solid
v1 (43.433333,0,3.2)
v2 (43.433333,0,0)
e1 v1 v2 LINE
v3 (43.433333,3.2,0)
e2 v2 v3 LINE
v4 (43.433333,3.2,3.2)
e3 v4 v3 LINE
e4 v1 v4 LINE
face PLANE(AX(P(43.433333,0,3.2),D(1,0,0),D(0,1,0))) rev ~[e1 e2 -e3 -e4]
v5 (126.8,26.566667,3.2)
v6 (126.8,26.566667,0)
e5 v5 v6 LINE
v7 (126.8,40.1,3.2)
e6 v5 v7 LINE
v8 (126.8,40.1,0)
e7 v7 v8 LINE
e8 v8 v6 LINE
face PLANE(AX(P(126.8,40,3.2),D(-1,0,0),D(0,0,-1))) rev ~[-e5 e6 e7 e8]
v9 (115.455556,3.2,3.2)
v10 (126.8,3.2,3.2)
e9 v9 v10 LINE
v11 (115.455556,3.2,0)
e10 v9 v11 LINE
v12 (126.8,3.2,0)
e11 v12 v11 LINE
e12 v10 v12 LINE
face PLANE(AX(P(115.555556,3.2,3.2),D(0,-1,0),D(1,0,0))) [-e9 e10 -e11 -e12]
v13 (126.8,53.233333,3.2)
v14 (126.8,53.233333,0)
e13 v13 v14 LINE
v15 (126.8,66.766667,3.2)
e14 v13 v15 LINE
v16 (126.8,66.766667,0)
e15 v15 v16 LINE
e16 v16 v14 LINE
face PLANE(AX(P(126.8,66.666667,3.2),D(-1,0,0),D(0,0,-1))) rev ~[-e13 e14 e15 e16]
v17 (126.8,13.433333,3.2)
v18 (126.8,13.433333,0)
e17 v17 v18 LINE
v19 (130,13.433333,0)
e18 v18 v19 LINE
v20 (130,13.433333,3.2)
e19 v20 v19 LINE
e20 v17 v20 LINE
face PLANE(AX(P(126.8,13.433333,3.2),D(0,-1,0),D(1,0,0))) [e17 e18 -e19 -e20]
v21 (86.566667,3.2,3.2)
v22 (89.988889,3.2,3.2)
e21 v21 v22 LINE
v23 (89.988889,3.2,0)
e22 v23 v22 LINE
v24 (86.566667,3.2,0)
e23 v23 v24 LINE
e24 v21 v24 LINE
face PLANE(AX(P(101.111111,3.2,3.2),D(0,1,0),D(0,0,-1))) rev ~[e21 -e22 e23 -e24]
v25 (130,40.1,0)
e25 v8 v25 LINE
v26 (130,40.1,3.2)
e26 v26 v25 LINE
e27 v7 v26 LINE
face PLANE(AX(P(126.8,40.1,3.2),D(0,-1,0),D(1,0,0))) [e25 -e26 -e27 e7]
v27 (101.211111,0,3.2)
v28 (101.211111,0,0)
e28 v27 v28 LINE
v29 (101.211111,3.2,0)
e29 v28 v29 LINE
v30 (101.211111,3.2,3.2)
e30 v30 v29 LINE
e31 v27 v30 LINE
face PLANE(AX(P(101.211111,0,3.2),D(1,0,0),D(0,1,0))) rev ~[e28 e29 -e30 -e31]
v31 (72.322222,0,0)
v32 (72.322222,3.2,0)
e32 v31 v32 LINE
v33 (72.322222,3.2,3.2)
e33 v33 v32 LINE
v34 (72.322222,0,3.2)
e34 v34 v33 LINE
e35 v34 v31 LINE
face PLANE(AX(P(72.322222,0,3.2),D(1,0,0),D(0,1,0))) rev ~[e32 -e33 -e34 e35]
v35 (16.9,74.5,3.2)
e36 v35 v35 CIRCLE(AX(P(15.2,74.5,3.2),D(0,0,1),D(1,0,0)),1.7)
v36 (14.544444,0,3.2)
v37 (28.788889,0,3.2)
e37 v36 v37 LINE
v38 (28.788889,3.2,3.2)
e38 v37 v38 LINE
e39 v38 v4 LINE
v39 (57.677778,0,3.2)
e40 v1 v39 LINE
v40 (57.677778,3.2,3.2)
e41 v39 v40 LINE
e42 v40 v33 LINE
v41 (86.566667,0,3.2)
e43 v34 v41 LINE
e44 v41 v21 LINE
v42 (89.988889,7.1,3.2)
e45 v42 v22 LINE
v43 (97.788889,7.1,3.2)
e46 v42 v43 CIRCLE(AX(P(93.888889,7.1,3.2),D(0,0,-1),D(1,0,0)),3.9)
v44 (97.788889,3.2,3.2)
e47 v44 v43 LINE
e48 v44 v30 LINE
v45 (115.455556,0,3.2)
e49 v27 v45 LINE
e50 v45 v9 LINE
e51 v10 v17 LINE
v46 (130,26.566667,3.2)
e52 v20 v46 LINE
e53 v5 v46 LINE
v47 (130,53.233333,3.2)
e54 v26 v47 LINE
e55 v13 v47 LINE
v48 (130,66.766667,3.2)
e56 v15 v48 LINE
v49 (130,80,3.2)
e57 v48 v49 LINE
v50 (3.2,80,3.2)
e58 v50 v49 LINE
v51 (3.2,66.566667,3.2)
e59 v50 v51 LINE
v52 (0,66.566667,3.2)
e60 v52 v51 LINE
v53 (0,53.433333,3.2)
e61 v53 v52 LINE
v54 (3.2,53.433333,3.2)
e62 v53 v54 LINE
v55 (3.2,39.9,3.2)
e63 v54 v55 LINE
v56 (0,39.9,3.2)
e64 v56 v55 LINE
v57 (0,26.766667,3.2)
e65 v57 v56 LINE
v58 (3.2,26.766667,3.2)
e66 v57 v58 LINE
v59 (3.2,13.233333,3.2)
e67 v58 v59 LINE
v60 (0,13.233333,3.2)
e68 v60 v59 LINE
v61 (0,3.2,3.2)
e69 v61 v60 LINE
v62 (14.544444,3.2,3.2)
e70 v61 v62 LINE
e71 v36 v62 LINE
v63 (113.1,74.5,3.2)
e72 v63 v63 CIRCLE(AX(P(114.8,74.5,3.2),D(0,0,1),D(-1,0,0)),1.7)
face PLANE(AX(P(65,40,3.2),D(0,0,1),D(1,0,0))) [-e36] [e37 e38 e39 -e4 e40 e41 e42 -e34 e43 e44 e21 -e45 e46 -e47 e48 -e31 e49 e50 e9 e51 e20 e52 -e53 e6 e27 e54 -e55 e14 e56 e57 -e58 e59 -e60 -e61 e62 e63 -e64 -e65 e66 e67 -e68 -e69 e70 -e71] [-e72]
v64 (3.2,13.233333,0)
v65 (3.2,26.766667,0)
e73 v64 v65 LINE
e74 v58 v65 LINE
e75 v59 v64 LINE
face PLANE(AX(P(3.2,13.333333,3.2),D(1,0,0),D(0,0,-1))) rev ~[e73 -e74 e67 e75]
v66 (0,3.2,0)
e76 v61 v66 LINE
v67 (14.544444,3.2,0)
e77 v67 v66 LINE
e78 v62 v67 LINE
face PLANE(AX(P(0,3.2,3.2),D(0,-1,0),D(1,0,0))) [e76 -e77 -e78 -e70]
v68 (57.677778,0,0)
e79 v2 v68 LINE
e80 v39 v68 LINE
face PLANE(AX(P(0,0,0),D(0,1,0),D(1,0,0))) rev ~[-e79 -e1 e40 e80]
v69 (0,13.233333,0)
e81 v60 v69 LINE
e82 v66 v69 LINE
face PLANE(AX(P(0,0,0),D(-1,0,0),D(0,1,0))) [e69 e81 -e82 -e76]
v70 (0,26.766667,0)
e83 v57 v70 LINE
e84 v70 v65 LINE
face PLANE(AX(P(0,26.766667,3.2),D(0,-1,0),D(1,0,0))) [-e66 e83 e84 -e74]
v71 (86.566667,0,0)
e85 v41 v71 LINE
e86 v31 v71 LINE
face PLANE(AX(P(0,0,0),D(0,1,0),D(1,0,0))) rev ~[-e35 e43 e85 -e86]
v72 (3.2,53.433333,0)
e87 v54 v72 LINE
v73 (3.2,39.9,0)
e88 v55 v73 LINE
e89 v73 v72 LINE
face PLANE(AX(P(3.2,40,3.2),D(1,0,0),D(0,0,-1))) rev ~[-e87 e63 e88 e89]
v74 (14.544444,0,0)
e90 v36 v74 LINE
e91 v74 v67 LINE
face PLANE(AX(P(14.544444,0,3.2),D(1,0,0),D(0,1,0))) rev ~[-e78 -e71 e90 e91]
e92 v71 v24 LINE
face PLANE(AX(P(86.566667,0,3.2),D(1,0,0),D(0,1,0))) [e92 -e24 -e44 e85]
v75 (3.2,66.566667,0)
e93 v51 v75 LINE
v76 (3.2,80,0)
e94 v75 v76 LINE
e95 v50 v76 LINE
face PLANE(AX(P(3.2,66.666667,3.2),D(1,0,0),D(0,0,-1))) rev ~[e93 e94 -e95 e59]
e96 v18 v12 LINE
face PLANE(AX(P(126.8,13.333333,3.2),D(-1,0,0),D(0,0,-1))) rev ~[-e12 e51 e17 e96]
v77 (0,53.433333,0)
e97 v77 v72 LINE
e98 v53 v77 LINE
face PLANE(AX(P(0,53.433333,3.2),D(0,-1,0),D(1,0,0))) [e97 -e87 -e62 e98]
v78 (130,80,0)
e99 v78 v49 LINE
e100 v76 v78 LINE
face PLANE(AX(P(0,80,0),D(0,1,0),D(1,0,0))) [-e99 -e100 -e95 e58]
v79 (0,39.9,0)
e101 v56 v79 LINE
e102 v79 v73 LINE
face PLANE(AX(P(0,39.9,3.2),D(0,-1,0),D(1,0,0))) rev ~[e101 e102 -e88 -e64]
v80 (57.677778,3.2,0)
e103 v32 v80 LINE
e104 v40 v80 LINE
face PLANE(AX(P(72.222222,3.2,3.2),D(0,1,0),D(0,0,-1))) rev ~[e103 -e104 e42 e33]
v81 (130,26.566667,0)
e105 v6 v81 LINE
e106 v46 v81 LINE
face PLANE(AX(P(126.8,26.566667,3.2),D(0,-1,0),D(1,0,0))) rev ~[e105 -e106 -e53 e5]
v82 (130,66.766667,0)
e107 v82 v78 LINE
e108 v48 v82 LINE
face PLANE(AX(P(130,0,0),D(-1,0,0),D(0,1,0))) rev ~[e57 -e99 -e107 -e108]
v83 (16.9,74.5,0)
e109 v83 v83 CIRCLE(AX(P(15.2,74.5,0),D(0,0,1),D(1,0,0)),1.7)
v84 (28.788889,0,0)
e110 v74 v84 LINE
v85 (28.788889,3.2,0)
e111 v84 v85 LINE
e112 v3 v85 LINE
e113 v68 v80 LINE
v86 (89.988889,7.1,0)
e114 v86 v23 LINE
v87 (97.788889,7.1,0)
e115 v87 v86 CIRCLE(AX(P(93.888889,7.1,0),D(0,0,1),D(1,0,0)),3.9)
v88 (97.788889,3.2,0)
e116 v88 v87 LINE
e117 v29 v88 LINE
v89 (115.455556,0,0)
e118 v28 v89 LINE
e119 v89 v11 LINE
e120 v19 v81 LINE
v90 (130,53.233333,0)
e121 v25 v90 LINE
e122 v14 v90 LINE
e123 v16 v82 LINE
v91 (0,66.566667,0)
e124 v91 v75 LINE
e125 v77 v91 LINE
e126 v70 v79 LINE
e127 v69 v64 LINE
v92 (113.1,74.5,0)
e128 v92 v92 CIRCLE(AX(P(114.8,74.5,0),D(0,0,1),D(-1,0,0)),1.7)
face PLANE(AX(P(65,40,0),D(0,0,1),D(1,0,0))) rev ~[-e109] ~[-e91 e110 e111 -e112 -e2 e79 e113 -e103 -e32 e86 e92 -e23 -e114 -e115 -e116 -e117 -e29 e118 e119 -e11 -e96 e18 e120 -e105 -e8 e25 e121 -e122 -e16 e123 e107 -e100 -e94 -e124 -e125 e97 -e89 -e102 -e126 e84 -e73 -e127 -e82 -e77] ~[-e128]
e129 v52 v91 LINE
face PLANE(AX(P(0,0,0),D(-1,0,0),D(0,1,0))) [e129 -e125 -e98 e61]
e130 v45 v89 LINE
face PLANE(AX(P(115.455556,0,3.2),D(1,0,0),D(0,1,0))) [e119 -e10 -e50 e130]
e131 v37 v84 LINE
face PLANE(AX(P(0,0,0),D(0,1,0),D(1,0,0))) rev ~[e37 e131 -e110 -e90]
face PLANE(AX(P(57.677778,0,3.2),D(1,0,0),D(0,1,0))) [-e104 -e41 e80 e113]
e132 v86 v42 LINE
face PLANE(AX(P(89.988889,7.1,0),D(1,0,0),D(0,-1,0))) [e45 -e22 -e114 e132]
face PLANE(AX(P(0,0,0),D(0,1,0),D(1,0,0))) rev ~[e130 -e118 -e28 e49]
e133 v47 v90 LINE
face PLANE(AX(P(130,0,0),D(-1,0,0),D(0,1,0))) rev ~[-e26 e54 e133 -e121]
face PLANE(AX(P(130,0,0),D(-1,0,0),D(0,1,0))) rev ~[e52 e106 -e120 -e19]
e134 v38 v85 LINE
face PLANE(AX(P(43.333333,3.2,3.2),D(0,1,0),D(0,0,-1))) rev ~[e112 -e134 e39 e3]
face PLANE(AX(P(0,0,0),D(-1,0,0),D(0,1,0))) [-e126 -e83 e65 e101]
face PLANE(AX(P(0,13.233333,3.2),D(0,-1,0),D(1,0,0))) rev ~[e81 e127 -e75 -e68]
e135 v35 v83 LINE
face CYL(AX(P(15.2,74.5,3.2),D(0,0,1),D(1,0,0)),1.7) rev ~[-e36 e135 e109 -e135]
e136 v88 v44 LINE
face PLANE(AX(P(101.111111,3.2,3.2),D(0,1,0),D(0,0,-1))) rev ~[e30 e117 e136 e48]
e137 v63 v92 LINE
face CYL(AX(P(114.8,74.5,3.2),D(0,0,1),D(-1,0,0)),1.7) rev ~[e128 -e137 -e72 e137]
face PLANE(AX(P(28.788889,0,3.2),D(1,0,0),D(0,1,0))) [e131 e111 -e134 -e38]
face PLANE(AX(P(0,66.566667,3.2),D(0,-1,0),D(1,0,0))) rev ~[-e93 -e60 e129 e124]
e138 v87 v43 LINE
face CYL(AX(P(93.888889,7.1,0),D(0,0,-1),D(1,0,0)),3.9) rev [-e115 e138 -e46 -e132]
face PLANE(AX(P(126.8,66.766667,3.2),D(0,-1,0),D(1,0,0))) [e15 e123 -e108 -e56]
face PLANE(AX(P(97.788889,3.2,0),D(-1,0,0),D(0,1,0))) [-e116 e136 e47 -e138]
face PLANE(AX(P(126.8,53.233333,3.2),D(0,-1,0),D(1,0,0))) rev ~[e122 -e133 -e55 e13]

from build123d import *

# Parameters (mm, degrees)
SKETCH1_W           = 130
SKETCH1_H           = 80
BOSS_EXTRUDE1_DEPTH = 3.2
SKETCH2_W           = 14.444444444
SKETCH2_H           = 3.2
SKETCH2_W_2         = 3.2
SKETCH2_H_2         = 13.333333334
SKETCH2_H_3         = 13.333333333
CUT_EXTRUDE1_DEPTH  = 153.676913775
MOVE_FACE1_BY       = 0.1
MOVE_FACE1_2_BY     = 0.1
MOVE_FACE1_3_BY     = 0.1
MOVE_FACE1_4_BY     = 0.1
MOVE_FACE1_5_BY     = 0.1
MOVE_FACE1_6_BY     = 0.1
MOVE_FACE1_7_BY     = 0.1
MOVE_FACE1_8_BY     = 0.1
MOVE_FACE1_9_BY     = 0.1
MOVE_FACE1_10_BY    = 0.1
MOVE_FACE1_11_BY    = 0.1
MOVE_FACE1_12_BY    = 0.1
MOVE_FACE1_13_BY    = 0.1
MOVE_FACE1_14_BY    = 0.1
MOVE_FACE1_15_BY    = 0.1
MOVE_FACE1_16_BY    = 0.1
MOVE_FACE1_17_BY    = 0.1
MOVE_FACE1_18_BY    = 0.1
CUT_EXTRUDE2_REACH  = 154.677
SKETCH3_R           = 1.7
CUT_EXTRUDE3_REACH  = 154.677


with BuildPart() as part:
    # Sketch1 → Boss-Extrude1 (new body)
    with BuildSketch(Plane.XY):
        with Locations((65, 40)):
            Rectangle(SKETCH1_W, SKETCH1_H)
    extrude(amount=BOSS_EXTRUDE1_DEPTH)

    # Sketch2 → Cut-Extrude1 (cut, through all)
    with BuildSketch(Plane.XY.offset(3.2)):
        with Locations((7.222222222, 1.6)):
            Rectangle(SKETCH2_W, SKETCH2_H)
        with Locations((36.111111111, 1.6)):
            Rectangle(SKETCH2_W, SKETCH2_H)
        with Locations((65, 1.6)):
            Rectangle(SKETCH2_W, SKETCH2_H)
        with Locations((93.888888889, 1.6)):
            Rectangle(SKETCH2_W, SKETCH2_H)
        Polygon((115.555555556, 0), (115.555555556, 3.2), (126.8, 3.2), (126.8, 13.333333333), (130, 13.333333333), (130, 0), align=None)
        with Locations((1.6, 20)):
            Rectangle(SKETCH2_W_2, SKETCH2_H_2)
        with Locations((1.6, 46.666666667)):
            Rectangle(SKETCH2_W_2, SKETCH2_H_3)
        with Locations((1.6, 73.333333334)):
            Rectangle(SKETCH2_W_2, SKETCH2_H_3)
        with Locations((128.4, 33.333333334)):
            Rectangle(SKETCH2_W_2, SKETCH2_H_3)
        with Locations((128.4, 60)):
            Rectangle(SKETCH2_W_2, SKETCH2_H_2)
    extrude(amount=-CUT_EXTRUDE1_DEPTH, mode=Mode.SUBTRACT)

    # Move Face1: a face moved inward by 0.1
    extrude(part.faces().sort_by_distance((128.4, 53.333333333, 1.6))[0], amount=MOVE_FACE1_BY, dir=(0, -1, 0), mode=Mode.SUBTRACT)

    # Move Face1 2: a face moved inward by 0.1
    extrude(part.faces().sort_by_distance((128.4, 26.666666667, 1.6))[0], amount=MOVE_FACE1_2_BY, dir=(0, -1, 0), mode=Mode.SUBTRACT)

    # Move Face1 3: a face moved inward by 0.1
    extrude(part.faces().sort_by_distance((128.4, 13.333333333, 1.6))[0], amount=MOVE_FACE1_3_BY, dir=(0, 1, 0), mode=Mode.SUBTRACT)

    # Move Face1 4: a face moved inward by 0.1
    extrude(part.faces().sort_by_distance((128.4, 40, 1.6))[0], amount=MOVE_FACE1_4_BY, dir=(0, 1, 0), mode=Mode.SUBTRACT)

    # Move Face1 5: a face moved inward by 0.1
    extrude(part.faces().sort_by_distance((128.4, 66.666666667, 1.6))[0], amount=MOVE_FACE1_5_BY, dir=(0, 1, 0), mode=Mode.SUBTRACT)

    # Move Face1 6: a face moved inward by 0.1
    extrude(part.faces().sort_by_distance((115.555555556, 1.6, 1.6))[0], amount=MOVE_FACE1_6_BY, dir=(-1, 0, 0), mode=Mode.SUBTRACT)

    # Move Face1 7: a face moved inward by 0.1
    extrude(part.faces().sort_by_distance((86.666666667, 1.6, 1.6))[0], amount=MOVE_FACE1_7_BY, dir=(-1, 0, 0), mode=Mode.SUBTRACT)

    # Move Face1 8: a face moved inward by 0.1
    extrude(part.faces().sort_by_distance((57.777777778, 1.6, 1.6))[0], amount=MOVE_FACE1_8_BY, dir=(-1, 0, 0), mode=Mode.SUBTRACT)

    # Move Face1 9: a face moved inward by 0.1
    extrude(part.faces().sort_by_distance((28.888888889, 1.6, 1.6))[0], amount=MOVE_FACE1_9_BY, dir=(-1, 0, 0), mode=Mode.SUBTRACT)

    # Move Face1 10: a face moved inward by 0.1
    extrude(part.faces().sort_by_distance((14.444444444, 1.6, 1.6))[0], amount=MOVE_FACE1_10_BY, dir=(1, 0, 0), mode=Mode.SUBTRACT)

    # Move Face1 11: a face moved inward by 0.1
    extrude(part.faces().sort_by_distance((43.333333333, 1.6, 1.6))[0], amount=MOVE_FACE1_11_BY, dir=(1, 0, 0), mode=Mode.SUBTRACT)

    # Move Face1 12: a face moved inward by 0.1
    extrude(part.faces().sort_by_distance((72.222222222, 1.6, 1.6))[0], amount=MOVE_FACE1_12_BY, dir=(1, 0, 0), mode=Mode.SUBTRACT)

    # Move Face1 13: a face moved inward by 0.1
    extrude(part.faces().sort_by_distance((101.111111111, 1.6, 1.6))[0], amount=MOVE_FACE1_13_BY, dir=(1, 0, 0), mode=Mode.SUBTRACT)

    # Move Face1 14: a face moved inward by 0.1
    extrude(part.faces().sort_by_distance((1.6, 26.666666667, 1.6))[0], amount=MOVE_FACE1_14_BY, dir=(0, 1, 0), mode=Mode.SUBTRACT)

    # Move Face1 15: a face moved inward by 0.1
    extrude(part.faces().sort_by_distance((1.6, 13.333333333, 1.6))[0], amount=MOVE_FACE1_15_BY, dir=(0, -1, 0), mode=Mode.SUBTRACT)

    # Move Face1 16: a face moved inward by 0.1
    extrude(part.faces().sort_by_distance((1.6, 40, 1.6))[0], amount=MOVE_FACE1_16_BY, dir=(0, -1, 0), mode=Mode.SUBTRACT)

    # Move Face1 17: a face moved inward by 0.1
    extrude(part.faces().sort_by_distance((1.6, 53.333333333, 1.6))[0], amount=MOVE_FACE1_17_BY, dir=(0, 1, 0), mode=Mode.SUBTRACT)

    # Move Face1 18: a face moved inward by 0.1
    extrude(part.faces().sort_by_distance((1.6, 66.666666667, 1.6))[0], amount=MOVE_FACE1_18_BY, dir=(0, -1, 0), mode=Mode.SUBTRACT)

    # Sketch3 → Cut-Extrude2 (cut, up to next)
    with BuildSketch(Plane.XY.offset(3.2), mode=Mode.PRIVATE) as cut_extrude2_sk1:
        with Locations((15.2, 74.5)):
            Circle(SKETCH3_R)
    cut_extrude2_tool1 = extrude(cut_extrude2_sk1.sketch, amount=-CUT_EXTRUDE2_REACH, mode=Mode.PRIVATE) & part.part
    # Sketch3 → Cut-Extrude2 (cut, up to next)
    with BuildSketch(Plane.XY.offset(3.2), mode=Mode.PRIVATE) as cut_extrude2_sk2:
        with Locations(Location((114.8, 74.5, 0), (0, 0, 180))):
            Circle(SKETCH3_R)
    cut_extrude2_tool2 = extrude(cut_extrude2_sk2.sketch, amount=-CUT_EXTRUDE2_REACH, mode=Mode.PRIVATE) & part.part
    add(cut_extrude2_tool1.solids().sort_by_distance((15.2, 74.5, 3.2))[0], mode=Mode.SUBTRACT)
    add(cut_extrude2_tool2.solids().sort_by_distance((114.8, 74.5, 3.2))[0], mode=Mode.SUBTRACT)

    # Sketch4 → Cut-Extrude3 (cut, up to next)
    with BuildSketch(Plane(origin=(0, 0, 0), x_dir=(-1, 0, 0), z_dir=(0, 0, -1)), mode=Mode.PRIVATE) as cut_extrude3_sk1:
        with BuildLine():
            Line((-97.788888889, 3.2), (-97.788888889, 7.1))
            ThreePointArc((-97.788888889, 7.1), (-93.888888889, 11), (-89.988888889, 7.1))
            Line((-89.988888889, 7.1), (-89.988888889, 3.2))
            Line((-89.988888889, 3.2), (-97.788888889, 3.2))
        make_face()
    cut_extrude3_tool1 = extrude(cut_extrude3_sk1.sketch, amount=-CUT_EXTRUDE3_REACH, mode=Mode.PRIVATE) & part.part
    add(cut_extrude3_tool1.solids().sort_by_distance((93.888889, 6.735936, 0))[0], mode=Mode.SUBTRACT)


solid = part.part
